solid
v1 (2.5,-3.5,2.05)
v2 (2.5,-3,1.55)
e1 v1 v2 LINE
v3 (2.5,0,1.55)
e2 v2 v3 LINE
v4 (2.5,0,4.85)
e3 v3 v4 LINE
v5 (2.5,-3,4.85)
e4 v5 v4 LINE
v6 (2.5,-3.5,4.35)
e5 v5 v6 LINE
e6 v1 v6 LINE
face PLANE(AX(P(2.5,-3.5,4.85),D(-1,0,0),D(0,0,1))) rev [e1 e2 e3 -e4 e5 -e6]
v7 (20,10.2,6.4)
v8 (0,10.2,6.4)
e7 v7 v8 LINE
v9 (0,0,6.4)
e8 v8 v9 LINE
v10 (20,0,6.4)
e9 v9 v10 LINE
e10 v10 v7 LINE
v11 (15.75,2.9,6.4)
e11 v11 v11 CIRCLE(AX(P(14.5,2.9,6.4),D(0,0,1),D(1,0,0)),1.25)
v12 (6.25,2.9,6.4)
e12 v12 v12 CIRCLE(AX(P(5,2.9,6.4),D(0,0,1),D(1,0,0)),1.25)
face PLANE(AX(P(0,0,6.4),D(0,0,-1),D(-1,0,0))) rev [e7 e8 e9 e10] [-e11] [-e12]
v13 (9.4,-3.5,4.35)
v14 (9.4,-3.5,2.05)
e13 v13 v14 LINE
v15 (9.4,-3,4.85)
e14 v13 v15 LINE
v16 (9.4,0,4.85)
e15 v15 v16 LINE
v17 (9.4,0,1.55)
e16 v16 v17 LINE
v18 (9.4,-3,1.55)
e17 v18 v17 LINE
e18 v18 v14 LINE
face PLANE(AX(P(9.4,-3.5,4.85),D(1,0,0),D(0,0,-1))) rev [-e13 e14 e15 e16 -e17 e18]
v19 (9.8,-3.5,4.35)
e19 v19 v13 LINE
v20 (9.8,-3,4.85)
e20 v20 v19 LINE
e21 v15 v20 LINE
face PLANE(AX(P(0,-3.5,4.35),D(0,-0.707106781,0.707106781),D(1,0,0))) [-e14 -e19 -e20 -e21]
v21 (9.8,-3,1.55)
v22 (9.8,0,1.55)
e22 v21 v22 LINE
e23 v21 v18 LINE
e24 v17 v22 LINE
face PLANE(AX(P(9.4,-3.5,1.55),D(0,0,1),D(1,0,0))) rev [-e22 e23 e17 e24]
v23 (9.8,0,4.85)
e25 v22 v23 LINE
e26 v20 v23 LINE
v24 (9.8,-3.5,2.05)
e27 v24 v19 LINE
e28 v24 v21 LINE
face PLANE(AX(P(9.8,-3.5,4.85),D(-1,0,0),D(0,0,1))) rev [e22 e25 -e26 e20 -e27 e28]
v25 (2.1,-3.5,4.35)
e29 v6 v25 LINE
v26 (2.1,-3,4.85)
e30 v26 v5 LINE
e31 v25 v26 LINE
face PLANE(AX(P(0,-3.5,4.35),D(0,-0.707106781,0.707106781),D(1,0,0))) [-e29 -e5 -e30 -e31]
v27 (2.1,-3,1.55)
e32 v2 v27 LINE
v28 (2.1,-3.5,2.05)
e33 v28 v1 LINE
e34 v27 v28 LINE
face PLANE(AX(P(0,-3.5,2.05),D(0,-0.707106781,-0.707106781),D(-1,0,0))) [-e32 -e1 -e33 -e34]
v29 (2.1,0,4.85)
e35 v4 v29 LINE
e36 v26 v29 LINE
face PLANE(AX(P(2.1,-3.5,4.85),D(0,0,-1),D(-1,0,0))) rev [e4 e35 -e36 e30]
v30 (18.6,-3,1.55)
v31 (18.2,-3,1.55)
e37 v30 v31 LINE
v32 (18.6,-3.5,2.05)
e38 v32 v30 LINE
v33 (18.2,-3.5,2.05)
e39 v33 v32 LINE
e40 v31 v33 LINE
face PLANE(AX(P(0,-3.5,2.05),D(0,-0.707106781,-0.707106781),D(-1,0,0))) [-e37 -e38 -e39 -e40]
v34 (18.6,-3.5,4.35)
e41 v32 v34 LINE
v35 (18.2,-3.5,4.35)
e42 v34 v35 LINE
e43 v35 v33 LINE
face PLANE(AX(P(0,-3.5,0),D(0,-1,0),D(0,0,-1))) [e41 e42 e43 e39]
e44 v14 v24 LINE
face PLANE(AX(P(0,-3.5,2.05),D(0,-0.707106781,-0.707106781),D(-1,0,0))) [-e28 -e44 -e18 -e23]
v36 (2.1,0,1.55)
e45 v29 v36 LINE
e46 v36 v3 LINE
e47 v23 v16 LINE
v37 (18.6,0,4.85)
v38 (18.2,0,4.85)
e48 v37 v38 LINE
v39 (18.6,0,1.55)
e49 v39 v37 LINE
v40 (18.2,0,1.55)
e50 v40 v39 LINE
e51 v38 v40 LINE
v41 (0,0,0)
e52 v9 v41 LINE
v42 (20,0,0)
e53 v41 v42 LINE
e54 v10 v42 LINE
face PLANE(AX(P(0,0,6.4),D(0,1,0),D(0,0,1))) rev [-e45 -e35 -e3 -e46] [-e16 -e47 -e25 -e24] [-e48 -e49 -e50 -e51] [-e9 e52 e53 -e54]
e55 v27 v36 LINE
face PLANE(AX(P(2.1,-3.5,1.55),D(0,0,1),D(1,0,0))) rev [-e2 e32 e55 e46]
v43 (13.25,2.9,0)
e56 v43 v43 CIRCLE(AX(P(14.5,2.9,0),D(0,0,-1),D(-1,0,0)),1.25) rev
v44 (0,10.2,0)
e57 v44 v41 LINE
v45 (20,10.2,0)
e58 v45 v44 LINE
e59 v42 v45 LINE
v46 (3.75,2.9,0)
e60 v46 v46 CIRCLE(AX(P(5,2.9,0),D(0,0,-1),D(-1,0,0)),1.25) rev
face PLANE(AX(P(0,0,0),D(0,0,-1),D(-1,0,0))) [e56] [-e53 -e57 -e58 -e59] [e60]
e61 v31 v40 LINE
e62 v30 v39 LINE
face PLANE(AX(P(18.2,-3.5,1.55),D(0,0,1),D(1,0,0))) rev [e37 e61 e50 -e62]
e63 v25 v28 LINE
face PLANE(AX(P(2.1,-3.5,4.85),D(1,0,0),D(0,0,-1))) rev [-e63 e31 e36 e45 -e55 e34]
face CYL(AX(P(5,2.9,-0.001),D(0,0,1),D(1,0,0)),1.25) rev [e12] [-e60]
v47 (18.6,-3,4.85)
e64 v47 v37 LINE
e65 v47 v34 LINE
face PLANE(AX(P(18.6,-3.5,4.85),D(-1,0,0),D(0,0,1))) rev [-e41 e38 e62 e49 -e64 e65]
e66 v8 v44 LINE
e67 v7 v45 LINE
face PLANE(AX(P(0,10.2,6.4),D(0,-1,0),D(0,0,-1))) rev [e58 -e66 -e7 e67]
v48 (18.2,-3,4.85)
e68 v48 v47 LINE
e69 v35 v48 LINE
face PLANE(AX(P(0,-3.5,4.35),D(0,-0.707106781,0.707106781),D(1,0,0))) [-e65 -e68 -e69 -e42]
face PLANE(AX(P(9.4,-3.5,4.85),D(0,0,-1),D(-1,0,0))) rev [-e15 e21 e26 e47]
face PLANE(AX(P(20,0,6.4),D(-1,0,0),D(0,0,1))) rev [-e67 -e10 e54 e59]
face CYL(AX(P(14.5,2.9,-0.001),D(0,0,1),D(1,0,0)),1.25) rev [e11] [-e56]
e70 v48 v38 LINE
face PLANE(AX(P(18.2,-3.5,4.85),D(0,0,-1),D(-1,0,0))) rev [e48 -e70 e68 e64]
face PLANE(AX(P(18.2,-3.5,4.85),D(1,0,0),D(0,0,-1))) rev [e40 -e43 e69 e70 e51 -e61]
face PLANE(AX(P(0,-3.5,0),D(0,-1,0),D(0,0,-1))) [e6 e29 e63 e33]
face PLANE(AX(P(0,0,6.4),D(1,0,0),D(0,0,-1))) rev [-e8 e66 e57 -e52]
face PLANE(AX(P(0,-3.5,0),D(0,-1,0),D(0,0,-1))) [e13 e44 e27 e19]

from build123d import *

# Parameters (mm, degrees)
SKETCH1_W           = 20
SKETCH1_H           = 10.2
BOSS_EXTRUDE1_DEPTH = 6.4
SKETCH2_W           = 0.4
SKETCH2_H           = 3.3
BOSS_EXTRUDE2_DEPTH = 3.5
CUT_EXTRUDE1_REACH  = 8.4
SKETCH3_R           = 1.25
CHAMFER1_SIZE       = 0.5


with BuildPart() as part:
    # Sketch1 → Boss-Extrude1 (new body)
    with BuildSketch(Plane.XY):
        with Locations((10, 5.1)):
            Rectangle(SKETCH1_W, SKETCH1_H)
    extrude(amount=BOSS_EXTRUDE1_DEPTH)

    # Sketch2 → Boss-Extrude2 (add)
    with BuildSketch(Plane.XZ):
        with Locations((18.4, 3.2)):
            Rectangle(SKETCH2_W, SKETCH2_H)
        with Locations((9.6, 3.2)):
            Rectangle(SKETCH2_W, SKETCH2_H)
        with Locations((2.3, 3.2)):
            Rectangle(SKETCH2_W, SKETCH2_H)
    extrude(amount=BOSS_EXTRUDE2_DEPTH)

    # Sketch3 → Cut-Extrude1 (cut, up to next)
    with BuildSketch(Plane.XY.offset(6.4), mode=Mode.PRIVATE) as cut_extrude1_sk1:
        with Locations((14.5, 2.9)):
            Circle(SKETCH3_R)
    cut_extrude1_tool1 = extrude(cut_extrude1_sk1.sketch, amount=-CUT_EXTRUDE1_REACH, mode=Mode.PRIVATE) & part.part
    add(cut_extrude1_tool1.solids().sort_by_distance((14.5, 2.9, 6.4))[0], mode=Mode.SUBTRACT)
    # Sketch3 → Cut-Extrude1 (cut, up to next)
    with BuildSketch(Plane.XY.offset(6.4), mode=Mode.PRIVATE) as cut_extrude1_sk2:
        with Locations((5, 2.9)):
            Circle(SKETCH3_R)
    cut_extrude1_tool2 = extrude(cut_extrude1_sk2.sketch, amount=-CUT_EXTRUDE1_REACH, mode=Mode.PRIVATE) & part.part
    add(cut_extrude1_tool2.solids().sort_by_distance((5, 2.9, 6.4))[0], mode=Mode.SUBTRACT)

    # Chamfer1
    chamfer1_edges = [part.edges().sort_by_distance(p)[0] for p in [
        (18.4, -3.5, 1.55),
        (18.4, -3.5, 4.85),
        (9.6, -3.5, 1.55),
        (9.6, -3.5, 4.85),
        (2.3, -3.5, 1.55),
        (2.3, -3.5, 4.85),
    ]]
    chamfer(chamfer1_edges, length=CHAMFER1_SIZE)


solid = part.part
